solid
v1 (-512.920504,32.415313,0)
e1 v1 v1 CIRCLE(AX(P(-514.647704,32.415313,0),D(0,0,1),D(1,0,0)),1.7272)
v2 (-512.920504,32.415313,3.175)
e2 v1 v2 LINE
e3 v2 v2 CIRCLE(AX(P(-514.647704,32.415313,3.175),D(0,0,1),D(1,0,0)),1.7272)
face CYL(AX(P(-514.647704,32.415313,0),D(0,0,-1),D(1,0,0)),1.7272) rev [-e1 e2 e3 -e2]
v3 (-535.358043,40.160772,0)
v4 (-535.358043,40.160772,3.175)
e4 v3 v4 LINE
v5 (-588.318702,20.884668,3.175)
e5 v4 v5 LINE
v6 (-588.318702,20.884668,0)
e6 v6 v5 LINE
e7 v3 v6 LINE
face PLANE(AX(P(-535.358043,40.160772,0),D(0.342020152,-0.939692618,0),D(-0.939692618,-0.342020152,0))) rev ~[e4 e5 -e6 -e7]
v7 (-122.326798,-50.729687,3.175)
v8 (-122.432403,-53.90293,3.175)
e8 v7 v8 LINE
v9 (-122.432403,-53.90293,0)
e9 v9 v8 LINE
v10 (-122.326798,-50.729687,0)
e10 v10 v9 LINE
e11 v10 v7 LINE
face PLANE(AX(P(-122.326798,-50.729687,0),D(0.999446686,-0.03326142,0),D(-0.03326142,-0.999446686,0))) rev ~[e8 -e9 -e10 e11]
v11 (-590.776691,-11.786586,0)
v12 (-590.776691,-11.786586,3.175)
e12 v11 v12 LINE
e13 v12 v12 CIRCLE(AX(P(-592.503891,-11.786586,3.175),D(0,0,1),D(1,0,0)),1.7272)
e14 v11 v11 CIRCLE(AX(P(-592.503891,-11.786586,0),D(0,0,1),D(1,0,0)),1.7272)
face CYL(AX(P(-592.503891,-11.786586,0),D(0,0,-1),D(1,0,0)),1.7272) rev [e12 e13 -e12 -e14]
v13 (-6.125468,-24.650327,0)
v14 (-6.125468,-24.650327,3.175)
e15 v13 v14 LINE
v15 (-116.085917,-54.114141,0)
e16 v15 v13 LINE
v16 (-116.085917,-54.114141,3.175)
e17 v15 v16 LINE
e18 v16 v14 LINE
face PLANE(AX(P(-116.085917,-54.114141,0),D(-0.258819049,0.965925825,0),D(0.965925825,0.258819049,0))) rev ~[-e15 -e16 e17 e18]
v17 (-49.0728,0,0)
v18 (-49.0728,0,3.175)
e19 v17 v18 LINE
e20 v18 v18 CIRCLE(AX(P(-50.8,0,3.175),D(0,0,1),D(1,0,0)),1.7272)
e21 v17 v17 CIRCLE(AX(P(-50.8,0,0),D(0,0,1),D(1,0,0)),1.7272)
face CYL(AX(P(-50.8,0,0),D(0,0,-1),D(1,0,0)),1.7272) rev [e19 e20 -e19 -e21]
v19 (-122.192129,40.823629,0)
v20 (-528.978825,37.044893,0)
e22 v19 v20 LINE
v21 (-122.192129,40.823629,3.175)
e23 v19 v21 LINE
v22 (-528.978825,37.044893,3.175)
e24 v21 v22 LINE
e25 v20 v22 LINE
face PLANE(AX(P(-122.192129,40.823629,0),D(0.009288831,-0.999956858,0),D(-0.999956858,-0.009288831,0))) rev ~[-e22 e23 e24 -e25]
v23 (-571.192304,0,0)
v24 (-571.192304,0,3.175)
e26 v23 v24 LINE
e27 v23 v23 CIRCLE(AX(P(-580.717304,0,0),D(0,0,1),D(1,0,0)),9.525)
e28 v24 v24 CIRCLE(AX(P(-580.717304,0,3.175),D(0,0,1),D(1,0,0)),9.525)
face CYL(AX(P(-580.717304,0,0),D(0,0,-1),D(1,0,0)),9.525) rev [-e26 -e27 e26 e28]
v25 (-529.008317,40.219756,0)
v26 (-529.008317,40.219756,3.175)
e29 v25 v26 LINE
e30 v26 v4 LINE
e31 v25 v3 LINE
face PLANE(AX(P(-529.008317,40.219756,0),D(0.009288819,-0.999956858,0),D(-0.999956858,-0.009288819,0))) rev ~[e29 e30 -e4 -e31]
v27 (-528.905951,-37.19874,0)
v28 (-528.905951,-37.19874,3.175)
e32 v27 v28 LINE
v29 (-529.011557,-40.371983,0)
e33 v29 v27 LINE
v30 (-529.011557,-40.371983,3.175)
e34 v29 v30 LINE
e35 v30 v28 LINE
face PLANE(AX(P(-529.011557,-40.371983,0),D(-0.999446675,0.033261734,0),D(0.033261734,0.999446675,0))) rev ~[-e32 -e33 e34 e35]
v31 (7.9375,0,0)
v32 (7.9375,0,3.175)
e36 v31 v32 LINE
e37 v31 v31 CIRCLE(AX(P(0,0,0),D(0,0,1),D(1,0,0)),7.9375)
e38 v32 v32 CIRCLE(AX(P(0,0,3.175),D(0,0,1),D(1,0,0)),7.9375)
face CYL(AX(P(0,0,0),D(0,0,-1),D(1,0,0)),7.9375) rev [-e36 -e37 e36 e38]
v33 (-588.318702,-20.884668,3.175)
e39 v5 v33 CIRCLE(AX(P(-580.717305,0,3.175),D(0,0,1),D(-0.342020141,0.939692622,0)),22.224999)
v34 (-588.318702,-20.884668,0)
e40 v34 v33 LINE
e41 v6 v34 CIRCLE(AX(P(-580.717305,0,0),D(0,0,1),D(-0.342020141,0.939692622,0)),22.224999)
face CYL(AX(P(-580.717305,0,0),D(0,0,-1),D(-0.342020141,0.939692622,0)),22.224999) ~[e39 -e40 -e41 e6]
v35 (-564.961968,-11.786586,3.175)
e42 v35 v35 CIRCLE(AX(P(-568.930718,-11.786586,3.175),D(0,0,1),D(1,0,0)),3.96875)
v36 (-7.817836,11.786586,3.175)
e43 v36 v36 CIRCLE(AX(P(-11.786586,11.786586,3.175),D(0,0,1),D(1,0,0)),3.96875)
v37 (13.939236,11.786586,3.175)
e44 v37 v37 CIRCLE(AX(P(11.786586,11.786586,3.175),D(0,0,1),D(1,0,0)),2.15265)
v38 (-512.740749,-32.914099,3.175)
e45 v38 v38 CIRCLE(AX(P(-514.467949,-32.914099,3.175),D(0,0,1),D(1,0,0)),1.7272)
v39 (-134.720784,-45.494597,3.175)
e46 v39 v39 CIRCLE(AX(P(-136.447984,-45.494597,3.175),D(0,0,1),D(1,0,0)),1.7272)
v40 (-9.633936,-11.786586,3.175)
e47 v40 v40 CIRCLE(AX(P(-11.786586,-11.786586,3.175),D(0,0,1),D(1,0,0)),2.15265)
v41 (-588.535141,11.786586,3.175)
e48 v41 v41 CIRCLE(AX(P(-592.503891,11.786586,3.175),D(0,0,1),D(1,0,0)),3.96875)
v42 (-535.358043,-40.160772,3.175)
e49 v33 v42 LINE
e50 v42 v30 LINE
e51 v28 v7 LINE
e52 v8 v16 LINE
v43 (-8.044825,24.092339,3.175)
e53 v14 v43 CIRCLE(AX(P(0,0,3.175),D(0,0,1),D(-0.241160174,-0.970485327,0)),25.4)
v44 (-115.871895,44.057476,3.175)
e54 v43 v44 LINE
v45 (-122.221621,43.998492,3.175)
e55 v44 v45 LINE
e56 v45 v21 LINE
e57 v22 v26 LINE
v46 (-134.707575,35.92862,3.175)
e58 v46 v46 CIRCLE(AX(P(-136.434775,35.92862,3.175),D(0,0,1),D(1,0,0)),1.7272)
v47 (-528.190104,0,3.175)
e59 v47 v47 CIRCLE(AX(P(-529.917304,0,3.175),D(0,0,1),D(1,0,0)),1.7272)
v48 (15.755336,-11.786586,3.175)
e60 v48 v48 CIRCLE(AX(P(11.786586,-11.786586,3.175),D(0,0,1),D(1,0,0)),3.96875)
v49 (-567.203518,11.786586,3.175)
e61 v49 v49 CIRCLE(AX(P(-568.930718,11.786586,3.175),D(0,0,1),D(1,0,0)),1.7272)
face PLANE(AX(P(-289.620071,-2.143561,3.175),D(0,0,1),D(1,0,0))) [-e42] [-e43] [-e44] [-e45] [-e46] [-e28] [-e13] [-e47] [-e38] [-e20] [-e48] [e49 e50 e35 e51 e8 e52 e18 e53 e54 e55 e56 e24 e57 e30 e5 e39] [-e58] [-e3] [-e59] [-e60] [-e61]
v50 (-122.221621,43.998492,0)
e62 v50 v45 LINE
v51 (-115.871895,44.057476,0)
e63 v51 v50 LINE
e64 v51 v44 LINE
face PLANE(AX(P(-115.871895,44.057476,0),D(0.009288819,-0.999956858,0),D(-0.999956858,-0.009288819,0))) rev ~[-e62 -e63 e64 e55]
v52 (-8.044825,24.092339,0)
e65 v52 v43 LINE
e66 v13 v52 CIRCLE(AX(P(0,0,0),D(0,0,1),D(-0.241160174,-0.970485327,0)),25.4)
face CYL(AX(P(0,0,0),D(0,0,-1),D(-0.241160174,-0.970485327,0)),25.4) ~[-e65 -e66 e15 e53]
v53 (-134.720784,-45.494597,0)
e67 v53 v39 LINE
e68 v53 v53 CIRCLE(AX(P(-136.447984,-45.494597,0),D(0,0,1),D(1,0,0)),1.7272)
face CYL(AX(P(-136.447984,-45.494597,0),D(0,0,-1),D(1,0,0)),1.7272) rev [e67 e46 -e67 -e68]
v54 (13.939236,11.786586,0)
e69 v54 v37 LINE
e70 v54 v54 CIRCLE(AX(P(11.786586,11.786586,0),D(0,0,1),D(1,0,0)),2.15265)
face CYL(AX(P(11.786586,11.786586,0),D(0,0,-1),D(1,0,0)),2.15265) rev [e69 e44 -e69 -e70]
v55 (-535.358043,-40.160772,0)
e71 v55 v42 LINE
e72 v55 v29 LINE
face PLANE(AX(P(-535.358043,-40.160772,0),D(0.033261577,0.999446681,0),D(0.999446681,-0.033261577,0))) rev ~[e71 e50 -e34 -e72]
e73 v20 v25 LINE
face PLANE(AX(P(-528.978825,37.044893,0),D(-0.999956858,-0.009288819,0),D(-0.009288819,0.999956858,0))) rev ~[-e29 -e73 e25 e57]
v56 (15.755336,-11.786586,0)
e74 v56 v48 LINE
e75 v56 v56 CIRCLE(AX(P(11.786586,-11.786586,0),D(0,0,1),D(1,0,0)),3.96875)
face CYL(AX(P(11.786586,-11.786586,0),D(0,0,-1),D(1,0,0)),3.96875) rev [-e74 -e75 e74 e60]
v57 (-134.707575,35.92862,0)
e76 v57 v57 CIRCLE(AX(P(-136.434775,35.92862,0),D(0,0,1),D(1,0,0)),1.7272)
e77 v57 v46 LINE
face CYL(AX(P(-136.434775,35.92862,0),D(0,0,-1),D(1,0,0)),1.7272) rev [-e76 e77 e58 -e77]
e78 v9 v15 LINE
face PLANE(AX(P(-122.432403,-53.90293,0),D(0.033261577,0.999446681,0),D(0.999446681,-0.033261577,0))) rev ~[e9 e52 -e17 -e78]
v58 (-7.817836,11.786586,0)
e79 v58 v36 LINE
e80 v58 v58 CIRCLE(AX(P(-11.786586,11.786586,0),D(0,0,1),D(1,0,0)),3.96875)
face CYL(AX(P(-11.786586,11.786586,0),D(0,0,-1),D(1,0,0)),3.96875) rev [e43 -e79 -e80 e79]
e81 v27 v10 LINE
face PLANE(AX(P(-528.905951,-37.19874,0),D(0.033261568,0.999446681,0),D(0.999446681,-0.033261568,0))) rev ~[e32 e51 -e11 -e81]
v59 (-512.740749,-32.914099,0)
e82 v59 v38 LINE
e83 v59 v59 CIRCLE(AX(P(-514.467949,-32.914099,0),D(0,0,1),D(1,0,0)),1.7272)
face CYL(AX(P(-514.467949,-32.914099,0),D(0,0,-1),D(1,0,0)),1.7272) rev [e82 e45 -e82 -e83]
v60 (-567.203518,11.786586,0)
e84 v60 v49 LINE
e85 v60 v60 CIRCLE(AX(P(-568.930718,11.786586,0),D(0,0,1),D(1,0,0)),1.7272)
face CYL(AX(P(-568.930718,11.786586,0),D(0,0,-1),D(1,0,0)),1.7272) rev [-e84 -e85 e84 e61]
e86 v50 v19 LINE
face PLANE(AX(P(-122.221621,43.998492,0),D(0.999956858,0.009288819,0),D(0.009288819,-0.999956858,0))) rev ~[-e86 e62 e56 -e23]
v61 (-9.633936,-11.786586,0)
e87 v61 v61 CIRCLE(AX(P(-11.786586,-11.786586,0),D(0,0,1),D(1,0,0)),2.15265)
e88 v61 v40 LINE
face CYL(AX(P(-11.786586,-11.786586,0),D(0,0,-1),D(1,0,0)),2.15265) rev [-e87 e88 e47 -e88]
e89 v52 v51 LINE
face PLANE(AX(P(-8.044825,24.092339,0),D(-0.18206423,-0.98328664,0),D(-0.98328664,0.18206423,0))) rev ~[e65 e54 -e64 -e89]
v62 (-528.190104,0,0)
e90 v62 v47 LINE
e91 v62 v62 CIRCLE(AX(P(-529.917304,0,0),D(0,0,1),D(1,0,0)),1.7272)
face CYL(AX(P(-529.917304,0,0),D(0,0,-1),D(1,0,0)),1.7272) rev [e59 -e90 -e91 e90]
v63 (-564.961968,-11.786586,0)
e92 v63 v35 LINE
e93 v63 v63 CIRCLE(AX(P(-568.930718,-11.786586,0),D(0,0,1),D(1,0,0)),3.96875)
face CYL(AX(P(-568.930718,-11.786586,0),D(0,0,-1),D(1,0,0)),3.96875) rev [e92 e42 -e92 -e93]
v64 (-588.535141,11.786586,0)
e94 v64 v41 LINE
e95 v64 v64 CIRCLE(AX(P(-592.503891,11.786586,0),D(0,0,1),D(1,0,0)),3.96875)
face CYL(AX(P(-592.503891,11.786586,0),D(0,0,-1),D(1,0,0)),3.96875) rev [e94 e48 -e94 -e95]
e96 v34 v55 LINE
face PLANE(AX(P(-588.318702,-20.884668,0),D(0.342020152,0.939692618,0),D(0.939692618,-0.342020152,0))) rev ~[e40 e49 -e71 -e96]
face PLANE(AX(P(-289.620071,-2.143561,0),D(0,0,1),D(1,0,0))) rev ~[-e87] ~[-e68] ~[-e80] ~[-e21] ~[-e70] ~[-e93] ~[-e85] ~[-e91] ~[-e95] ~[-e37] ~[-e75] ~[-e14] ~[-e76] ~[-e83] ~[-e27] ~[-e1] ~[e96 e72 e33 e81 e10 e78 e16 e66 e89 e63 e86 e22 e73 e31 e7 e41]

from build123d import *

# Parameters (mm, degrees)
F0_R     = 1.7272
F0_R_2   = 3.96875
F0_R_3   = 2.15265
F0_R_4   = 9.525
F0_R_5   = 7.9375
F1_DEPTH = 3.175


with BuildPart() as f1:
    # F0 (on Top) → F1 (new body)
    with BuildSketch(Plane.XY):
        with BuildLine():
            Line((-535.358043, 40.160772), (-588.318702, 20.884668))
            ThreePointArc((-588.318702, 20.884668), (-602.942304, 0), (-588.318702, -20.884668))
            Line((-588.318702, -20.884668), (-535.358043, -40.160772))
            Line((-535.358043, -40.160772), (-529.011557, -40.371983))
            Line((-529.011557, -40.371983), (-528.905951, -37.19874))
            Line((-528.905951, -37.19874), (-122.326798, -50.729687))
            Line((-122.326798, -50.729687), (-122.432403, -53.90293))
            Line((-122.432403, -53.90293), (-116.085917, -54.114141))
            Line((-116.085917, -54.114141), (-6.125468, -24.650327))
            ThreePointArc((-6.125468, -24.650327), (25.380331, 0.99941), (-8.044825, 24.092339))
            Line((-8.044825, 24.092339), (-115.871895, 44.057476))
            Line((-115.871895, 44.057476), (-122.221621, 43.998492))
            Line((-122.221621, 43.998492), (-122.192129, 40.823629))
            Line((-122.192129, 40.823629), (-528.978825, 37.044893))
            Line((-528.978825, 37.044893), (-529.008317, 40.219756))
            Line((-529.008317, 40.219756), (-535.358043, 40.160772))
        make_face()
        with Locations((-514.467949, -32.914099)):
            Circle(F0_R, mode=Mode.SUBTRACT)
        with Locations((-592.503891, -11.786586)):
            Circle(F0_R, mode=Mode.SUBTRACT)
        with Locations((-568.930718, -11.786586)):
            Circle(F0_R_2, mode=Mode.SUBTRACT)
        with Locations((-136.447984, -45.494597)):
            Circle(F0_R, mode=Mode.SUBTRACT)
        with Locations((-11.786586, -11.786586)):
            Circle(F0_R_3, mode=Mode.SUBTRACT)
        with Locations((11.786586, -11.786586)):
            Circle(F0_R_2, mode=Mode.SUBTRACT)
        with Locations((-580.717304, 0)):
            Circle(F0_R_4, mode=Mode.SUBTRACT)
        with Locations((-529.917304, 0)):
            Circle(F0_R, mode=Mode.SUBTRACT)
        with Locations((-592.503891, 11.786586)):
            Circle(F0_R_2, mode=Mode.SUBTRACT)
        with Locations((-568.930718, 11.786586)):
            Circle(F0_R, mode=Mode.SUBTRACT)
        with Locations((-514.647704, 32.415313)):
            Circle(F0_R, mode=Mode.SUBTRACT)
        with Locations((-50.8, 0)):
            Circle(F0_R, mode=Mode.SUBTRACT)
        Circle(F0_R_5, mode=Mode.SUBTRACT)
        with Locations((-11.786586, 11.786586)):
            Circle(F0_R_2, mode=Mode.SUBTRACT)
        with Locations((11.786586, 11.786586)):
            Circle(F0_R_3, mode=Mode.SUBTRACT)
        with Locations((-136.434775, 35.92862)):
            Circle(F0_R, mode=Mode.SUBTRACT)
    extrude(amount=F1_DEPTH)


solid = f1.part
